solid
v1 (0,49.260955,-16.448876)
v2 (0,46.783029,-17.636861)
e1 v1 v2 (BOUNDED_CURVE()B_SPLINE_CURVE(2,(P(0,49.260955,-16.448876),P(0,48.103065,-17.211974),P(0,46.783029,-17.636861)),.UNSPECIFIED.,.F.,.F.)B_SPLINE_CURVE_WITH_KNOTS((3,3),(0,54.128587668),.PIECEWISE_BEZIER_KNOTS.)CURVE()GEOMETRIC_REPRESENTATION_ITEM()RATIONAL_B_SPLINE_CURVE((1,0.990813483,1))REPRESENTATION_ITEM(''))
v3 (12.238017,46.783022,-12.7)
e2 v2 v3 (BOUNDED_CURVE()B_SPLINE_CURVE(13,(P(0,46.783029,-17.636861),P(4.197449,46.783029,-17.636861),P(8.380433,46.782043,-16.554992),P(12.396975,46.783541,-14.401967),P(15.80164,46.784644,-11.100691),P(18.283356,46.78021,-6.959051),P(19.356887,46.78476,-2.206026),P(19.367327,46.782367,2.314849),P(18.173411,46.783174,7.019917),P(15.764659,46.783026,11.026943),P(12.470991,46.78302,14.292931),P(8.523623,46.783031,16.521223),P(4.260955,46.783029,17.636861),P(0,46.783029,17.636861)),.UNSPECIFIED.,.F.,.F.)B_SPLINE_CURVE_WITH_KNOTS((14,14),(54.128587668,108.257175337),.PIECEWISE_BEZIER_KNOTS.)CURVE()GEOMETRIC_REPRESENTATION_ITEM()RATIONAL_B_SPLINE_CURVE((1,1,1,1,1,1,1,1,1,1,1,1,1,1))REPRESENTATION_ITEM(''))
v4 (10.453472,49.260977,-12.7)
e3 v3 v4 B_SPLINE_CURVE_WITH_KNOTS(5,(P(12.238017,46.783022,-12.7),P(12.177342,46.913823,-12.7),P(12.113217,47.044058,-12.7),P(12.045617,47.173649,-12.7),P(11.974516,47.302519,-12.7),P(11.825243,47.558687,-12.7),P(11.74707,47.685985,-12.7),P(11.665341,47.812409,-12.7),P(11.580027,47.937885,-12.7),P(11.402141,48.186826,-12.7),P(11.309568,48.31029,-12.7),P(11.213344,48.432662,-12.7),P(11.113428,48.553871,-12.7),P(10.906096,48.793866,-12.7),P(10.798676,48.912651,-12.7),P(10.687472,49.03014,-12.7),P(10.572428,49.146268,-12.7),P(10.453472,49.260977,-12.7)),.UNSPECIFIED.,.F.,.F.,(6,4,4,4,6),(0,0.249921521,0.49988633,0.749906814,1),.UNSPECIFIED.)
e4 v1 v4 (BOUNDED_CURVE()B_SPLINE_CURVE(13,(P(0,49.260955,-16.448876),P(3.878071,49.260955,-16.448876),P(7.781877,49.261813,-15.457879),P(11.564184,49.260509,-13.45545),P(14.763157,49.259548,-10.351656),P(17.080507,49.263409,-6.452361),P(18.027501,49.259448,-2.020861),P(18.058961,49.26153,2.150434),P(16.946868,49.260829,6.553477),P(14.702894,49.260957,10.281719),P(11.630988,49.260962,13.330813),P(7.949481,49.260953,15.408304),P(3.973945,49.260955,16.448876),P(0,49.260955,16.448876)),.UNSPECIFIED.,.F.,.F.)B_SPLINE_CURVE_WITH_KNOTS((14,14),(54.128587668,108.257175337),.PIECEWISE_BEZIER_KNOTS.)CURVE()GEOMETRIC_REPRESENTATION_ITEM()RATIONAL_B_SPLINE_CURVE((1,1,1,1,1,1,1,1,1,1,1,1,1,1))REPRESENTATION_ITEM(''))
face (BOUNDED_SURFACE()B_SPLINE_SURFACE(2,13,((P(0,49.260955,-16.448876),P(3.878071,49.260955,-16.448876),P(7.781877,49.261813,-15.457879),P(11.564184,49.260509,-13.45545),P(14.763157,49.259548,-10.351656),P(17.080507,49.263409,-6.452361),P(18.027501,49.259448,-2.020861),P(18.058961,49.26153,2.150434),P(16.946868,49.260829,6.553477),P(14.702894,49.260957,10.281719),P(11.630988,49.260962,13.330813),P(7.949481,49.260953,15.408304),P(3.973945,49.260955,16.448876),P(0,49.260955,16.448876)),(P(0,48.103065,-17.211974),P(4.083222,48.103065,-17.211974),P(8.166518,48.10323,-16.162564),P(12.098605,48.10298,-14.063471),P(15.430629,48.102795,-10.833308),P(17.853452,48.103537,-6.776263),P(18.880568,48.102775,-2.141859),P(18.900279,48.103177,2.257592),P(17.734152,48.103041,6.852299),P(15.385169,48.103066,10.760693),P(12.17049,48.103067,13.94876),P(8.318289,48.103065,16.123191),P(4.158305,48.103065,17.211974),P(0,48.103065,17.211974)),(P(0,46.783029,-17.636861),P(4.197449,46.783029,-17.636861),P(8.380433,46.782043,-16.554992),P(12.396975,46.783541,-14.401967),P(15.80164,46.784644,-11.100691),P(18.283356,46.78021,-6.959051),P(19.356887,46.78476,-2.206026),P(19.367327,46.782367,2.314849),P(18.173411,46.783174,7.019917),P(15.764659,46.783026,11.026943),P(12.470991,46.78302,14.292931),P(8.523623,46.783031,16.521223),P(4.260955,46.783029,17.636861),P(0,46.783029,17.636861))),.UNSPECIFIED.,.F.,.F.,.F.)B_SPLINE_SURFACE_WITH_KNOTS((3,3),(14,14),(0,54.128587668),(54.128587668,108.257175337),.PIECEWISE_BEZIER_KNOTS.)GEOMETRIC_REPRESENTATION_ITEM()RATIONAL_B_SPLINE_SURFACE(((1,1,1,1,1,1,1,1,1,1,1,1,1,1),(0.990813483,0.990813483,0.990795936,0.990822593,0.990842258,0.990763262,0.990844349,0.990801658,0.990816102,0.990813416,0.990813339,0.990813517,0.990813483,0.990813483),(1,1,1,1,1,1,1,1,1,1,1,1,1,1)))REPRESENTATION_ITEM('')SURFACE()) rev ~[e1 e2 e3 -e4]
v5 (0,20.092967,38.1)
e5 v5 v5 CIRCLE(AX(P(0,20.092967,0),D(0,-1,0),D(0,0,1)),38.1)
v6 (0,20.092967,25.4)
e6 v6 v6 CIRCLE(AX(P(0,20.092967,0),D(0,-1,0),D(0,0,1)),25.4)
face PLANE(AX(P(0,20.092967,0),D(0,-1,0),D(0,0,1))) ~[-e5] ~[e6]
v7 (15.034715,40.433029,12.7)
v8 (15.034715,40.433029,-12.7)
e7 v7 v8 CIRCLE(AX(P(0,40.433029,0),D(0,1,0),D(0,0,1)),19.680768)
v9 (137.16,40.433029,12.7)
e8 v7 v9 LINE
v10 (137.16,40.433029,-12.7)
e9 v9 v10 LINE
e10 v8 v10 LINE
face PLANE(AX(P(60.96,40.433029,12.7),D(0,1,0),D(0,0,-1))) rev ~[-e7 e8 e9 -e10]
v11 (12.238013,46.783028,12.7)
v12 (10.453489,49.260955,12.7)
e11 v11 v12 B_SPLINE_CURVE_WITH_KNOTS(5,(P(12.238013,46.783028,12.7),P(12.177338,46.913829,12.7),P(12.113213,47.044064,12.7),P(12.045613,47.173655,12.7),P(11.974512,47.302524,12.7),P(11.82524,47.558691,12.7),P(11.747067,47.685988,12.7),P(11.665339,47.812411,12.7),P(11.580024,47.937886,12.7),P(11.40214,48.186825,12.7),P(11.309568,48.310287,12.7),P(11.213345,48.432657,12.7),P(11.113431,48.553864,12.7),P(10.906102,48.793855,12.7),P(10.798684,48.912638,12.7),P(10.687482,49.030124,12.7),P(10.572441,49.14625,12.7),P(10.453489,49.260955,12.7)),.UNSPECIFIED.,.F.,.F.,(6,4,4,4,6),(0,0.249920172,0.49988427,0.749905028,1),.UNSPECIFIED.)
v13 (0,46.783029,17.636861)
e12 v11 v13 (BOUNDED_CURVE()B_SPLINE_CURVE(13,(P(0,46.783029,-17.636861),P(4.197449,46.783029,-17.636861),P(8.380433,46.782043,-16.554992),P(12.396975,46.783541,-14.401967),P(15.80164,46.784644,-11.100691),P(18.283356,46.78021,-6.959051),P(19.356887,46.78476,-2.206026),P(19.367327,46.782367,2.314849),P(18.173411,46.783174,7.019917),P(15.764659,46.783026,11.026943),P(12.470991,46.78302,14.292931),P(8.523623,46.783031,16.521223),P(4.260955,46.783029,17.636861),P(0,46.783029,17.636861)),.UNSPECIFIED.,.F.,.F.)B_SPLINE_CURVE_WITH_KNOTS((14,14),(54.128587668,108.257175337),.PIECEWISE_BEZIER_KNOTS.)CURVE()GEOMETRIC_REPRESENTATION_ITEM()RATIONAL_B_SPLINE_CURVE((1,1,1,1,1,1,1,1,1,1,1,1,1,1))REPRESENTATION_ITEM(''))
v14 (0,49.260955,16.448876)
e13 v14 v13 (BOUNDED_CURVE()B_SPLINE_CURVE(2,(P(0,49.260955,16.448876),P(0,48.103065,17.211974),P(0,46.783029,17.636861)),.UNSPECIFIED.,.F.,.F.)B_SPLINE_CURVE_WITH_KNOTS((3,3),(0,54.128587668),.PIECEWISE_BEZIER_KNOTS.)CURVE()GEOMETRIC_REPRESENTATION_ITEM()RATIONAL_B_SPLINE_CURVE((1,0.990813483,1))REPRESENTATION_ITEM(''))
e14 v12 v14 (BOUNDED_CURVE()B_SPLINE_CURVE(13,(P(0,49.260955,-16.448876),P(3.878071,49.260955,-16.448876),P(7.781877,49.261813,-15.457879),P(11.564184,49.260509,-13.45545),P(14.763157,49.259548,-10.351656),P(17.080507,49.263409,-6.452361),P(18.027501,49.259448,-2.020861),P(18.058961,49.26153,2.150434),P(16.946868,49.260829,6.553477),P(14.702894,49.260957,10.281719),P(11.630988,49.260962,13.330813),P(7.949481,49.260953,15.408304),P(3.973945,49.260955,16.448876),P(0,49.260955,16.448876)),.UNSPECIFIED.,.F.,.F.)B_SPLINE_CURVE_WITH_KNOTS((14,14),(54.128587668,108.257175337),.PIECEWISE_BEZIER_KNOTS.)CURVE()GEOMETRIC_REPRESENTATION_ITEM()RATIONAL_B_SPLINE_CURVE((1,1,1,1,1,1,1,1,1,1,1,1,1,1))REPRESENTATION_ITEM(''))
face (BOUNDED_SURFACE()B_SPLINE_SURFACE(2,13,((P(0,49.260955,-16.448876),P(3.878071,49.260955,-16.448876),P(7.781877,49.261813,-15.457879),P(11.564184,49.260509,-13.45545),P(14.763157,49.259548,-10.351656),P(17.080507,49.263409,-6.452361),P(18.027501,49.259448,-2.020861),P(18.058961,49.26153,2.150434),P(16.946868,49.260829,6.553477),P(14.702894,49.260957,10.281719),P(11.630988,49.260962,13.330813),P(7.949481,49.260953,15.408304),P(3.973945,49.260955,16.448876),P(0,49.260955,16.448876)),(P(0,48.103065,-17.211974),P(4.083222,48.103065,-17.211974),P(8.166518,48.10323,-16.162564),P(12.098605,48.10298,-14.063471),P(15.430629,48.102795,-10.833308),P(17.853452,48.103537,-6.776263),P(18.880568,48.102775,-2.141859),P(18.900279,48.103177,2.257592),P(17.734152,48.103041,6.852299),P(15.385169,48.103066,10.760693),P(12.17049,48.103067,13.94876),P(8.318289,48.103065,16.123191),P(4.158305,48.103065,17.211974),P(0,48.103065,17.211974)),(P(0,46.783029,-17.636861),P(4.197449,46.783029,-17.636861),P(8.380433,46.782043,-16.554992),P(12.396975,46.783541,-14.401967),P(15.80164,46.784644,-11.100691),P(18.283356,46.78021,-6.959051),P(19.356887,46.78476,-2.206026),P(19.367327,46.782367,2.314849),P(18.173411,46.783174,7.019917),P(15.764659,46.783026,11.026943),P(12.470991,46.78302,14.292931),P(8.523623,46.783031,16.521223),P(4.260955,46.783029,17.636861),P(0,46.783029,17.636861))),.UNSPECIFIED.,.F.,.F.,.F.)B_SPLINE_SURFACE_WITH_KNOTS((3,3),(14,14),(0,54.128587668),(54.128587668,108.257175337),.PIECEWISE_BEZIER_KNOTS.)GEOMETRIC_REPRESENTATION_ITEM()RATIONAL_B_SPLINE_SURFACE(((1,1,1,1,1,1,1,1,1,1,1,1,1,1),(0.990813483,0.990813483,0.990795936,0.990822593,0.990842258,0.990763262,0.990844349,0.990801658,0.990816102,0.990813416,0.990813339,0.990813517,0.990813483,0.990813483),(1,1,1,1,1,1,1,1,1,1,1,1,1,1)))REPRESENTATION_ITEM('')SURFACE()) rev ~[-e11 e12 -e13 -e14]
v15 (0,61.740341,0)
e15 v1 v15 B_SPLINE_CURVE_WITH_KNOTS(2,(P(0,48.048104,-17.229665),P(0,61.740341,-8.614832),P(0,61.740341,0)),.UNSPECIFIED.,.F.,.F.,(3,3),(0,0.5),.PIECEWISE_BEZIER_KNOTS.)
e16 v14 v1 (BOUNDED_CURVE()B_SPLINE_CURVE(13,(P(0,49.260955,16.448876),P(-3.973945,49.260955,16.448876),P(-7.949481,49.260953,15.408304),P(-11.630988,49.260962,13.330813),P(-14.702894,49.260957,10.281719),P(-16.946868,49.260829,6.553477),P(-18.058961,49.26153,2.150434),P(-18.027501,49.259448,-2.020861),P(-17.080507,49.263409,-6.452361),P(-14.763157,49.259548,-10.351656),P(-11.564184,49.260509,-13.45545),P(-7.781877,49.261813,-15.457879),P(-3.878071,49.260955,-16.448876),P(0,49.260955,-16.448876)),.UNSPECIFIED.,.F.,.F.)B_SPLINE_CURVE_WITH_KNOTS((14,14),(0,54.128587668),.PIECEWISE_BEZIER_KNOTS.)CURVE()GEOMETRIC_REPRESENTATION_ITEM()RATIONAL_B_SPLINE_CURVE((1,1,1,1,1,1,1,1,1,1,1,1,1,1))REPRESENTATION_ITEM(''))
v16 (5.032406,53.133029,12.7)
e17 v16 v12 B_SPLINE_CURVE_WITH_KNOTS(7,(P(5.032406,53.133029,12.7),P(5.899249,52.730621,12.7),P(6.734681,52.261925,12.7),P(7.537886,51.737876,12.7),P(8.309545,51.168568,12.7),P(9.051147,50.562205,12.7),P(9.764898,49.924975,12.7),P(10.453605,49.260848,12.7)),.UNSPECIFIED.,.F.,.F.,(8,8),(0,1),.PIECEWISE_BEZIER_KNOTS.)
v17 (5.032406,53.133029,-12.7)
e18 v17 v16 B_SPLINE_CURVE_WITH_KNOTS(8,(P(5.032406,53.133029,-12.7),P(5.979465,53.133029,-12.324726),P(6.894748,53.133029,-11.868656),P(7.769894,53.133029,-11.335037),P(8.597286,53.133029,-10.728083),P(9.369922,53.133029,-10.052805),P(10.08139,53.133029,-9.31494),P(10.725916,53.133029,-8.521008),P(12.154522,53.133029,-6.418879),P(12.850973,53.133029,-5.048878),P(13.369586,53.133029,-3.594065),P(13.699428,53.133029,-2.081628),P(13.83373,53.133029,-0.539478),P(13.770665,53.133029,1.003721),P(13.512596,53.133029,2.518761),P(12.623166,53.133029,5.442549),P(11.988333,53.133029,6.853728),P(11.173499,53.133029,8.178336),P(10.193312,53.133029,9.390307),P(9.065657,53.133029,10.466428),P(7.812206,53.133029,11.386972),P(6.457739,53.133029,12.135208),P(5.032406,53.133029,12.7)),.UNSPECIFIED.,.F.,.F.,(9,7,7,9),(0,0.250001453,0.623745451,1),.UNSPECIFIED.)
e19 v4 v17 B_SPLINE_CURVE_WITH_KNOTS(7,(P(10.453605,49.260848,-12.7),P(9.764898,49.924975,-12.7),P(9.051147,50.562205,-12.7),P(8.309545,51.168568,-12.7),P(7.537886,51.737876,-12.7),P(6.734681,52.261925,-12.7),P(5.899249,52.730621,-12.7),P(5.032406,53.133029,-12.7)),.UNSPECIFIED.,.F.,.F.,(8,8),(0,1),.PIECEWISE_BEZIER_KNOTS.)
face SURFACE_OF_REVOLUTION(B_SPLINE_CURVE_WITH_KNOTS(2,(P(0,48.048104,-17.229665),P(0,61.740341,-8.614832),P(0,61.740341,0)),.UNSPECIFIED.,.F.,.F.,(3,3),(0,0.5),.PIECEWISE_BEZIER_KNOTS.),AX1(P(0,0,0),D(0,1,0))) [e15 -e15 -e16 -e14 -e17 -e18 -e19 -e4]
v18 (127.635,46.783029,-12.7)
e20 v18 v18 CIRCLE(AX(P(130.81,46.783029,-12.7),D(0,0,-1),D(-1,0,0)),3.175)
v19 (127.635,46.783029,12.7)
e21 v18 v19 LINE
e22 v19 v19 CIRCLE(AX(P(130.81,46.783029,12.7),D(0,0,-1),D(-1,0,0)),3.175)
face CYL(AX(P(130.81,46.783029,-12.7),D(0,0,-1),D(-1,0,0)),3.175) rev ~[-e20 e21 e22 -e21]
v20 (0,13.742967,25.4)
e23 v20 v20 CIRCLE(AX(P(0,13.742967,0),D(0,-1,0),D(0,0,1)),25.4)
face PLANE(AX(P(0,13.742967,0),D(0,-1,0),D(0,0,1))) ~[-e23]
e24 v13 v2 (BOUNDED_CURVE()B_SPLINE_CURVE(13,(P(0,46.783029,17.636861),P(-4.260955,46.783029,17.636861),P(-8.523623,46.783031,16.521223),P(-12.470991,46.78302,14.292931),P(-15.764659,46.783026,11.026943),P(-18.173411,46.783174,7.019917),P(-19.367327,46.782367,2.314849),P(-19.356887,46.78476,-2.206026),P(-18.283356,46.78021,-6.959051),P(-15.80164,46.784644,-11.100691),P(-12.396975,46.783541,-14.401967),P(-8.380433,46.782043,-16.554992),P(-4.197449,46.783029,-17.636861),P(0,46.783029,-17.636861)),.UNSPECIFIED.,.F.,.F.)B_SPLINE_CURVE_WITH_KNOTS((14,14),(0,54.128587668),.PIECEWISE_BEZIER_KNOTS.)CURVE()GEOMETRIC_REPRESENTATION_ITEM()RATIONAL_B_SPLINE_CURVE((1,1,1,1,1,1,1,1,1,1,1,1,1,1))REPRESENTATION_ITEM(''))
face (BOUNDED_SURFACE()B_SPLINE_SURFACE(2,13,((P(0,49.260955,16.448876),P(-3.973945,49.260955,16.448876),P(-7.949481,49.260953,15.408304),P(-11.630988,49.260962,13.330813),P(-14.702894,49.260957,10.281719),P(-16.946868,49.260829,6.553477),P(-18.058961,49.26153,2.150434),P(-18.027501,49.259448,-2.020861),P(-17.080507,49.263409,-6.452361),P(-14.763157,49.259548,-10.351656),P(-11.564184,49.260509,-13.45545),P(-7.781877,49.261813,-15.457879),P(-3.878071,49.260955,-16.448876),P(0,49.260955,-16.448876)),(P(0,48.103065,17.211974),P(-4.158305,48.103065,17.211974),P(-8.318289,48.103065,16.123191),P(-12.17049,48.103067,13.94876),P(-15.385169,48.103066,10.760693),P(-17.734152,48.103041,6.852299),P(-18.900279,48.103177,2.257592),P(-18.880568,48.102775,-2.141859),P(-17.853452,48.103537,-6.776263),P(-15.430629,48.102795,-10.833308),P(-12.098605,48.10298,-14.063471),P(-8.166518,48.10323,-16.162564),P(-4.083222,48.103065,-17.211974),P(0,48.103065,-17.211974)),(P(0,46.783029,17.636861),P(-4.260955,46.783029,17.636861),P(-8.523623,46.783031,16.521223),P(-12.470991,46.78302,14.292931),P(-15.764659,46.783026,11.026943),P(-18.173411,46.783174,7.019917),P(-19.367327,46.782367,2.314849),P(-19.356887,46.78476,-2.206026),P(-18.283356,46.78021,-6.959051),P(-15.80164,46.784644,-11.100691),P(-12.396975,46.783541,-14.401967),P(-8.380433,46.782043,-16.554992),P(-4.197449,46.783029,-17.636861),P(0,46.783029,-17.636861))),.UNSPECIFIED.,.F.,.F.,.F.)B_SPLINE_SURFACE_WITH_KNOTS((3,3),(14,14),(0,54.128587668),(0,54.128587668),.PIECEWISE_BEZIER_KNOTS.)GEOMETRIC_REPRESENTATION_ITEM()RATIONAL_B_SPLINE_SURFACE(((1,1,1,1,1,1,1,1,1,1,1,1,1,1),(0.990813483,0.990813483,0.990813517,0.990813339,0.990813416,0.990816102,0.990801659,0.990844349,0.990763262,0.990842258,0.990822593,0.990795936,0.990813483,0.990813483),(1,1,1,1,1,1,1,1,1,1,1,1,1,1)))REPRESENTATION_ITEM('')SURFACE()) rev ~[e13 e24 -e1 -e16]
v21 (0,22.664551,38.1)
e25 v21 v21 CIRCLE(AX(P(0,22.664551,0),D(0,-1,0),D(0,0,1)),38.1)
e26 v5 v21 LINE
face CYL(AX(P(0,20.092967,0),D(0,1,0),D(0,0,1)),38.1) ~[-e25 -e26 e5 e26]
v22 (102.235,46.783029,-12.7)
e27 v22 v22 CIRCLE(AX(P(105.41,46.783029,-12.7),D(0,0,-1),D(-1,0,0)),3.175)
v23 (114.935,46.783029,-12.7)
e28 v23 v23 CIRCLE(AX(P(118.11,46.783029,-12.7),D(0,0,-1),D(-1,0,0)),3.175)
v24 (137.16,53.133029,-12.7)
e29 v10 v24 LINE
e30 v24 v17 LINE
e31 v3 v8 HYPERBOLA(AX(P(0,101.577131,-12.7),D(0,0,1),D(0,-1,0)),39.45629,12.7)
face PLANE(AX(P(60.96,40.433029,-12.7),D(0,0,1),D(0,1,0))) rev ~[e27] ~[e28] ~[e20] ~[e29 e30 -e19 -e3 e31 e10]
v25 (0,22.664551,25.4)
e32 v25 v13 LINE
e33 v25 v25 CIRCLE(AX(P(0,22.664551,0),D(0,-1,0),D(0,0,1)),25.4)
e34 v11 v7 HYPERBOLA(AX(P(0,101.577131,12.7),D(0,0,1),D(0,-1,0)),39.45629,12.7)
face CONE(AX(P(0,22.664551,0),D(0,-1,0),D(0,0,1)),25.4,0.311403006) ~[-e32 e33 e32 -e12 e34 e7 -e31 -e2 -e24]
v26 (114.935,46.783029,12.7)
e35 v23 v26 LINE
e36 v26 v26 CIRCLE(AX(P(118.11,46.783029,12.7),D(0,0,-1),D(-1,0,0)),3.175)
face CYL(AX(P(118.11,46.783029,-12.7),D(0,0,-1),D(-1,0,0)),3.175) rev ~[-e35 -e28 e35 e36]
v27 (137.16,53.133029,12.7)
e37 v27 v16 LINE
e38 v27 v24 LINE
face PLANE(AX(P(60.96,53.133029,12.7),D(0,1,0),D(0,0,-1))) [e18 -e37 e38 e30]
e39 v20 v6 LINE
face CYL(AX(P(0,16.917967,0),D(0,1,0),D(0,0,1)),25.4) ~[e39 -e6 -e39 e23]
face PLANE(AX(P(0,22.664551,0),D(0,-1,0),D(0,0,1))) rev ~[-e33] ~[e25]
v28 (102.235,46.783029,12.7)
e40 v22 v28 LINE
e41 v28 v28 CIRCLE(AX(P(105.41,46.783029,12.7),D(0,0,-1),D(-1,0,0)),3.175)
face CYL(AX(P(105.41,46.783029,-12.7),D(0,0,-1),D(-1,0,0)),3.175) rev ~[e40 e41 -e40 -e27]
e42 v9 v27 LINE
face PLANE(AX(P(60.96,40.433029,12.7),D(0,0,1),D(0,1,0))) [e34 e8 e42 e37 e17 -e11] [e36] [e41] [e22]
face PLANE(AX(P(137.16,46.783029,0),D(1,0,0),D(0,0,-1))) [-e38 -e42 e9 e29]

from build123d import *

# Parameters (mm, degrees)
SKETCH1_W                = 25.4
SKETCH1_H                = 6.35
FILLET1_R                = 10.16
BOSS_EXTRUDE1_DEPTH      = 38.1
BOSS_EXTRUDE1_DEPTH_BACK = 20.32
SKETCH3_W                = 25.4
SKETCH3_H                = 12.7
SKETCH4_W                = 25.4
SKETCH4_H                = 12.7
BOSS_EXTRUDE2_DEPTH      = 76.2
SKETCH5_R                = 3.175
CUT_EXTRUDE1_DEPTH       = 159.762008669


with BuildPart() as part:
    # Sketch1 → Revolve1 (revolve)
    with BuildSketch(Plane.XY, mode=Mode.PRIVATE) as revolve1_sk:
        Polygon((0, 48.048104246), (0, 22.664551268), (25.4, 22.664551268), (17.22966458, 48.048104246), align=None)
        Polygon((0, 22.664551268), (0, 20.09296726), (25.4, 20.09296726), (38.1, 20.09296726), (38.1, 22.664551268), (25.4, 22.664551268), align=None)
        with Locations((12.7, 16.91796726)):
            Rectangle(SKETCH1_W, SKETCH1_H)
    revolve(revolve1_sk.sketch.rotate(Axis((0, 27.702147105, 0), (0, -1, 0)), 90), axis=Axis((0, 27.702147105, 0), (0, -1, 0)))

    # Sketch2 → Revolve2 (revolve)
    with BuildSketch(Plane(origin=(0, 0, 0), x_dir=(0, 0, -1), z_dir=(1, 0, 0))):
        with BuildLine():
            Line((0, 48.048104246), (17.22966458, 48.048104246))
            add(Edge.make_bspline(
                [(17.22966458, 48.048104246), (8.61483229, 61.740341407), (0, 61.740341407)],
                knots=[0, 0, 0, 0.5, 0.5, 0.5], degree=2))
            Line((0, 61.740341407), (0, 48.048104246))
        make_face()
    revolve(axis=Axis((0, 0, 0), (0, 1, 0)))

    # Fillet1
    fillet1_edges = [part.edges().sort_by_distance(p)[0] for p in [
        (-17.22966458, 48.048104246, 0),
    ]]
    fillet(fillet1_edges, radius=FILLET1_R)

    # Sketch3 → Boss-Extrude1 (add, two sides: drawn at the far end of the back side and taken through both)
    with BuildSketch(Plane(origin=(22.86, 0, 0), x_dir=(0, 0, -1), z_dir=(1, 0, 0)).offset(-BOSS_EXTRUDE1_DEPTH_BACK)):
        with Locations((0, 46.783028789)):
            Rectangle(SKETCH3_W, SKETCH3_H)
    extrude(amount=BOSS_EXTRUDE1_DEPTH + BOSS_EXTRUDE1_DEPTH_BACK)

    # Sketch4 → Boss-Extrude2 (add)
    with BuildSketch(Plane(origin=(60.96, 0, 0), x_dir=(0, 0, -1), z_dir=(1, 0, 0))):
        with Locations((0, 46.783028789)):
            Rectangle(SKETCH4_W, SKETCH4_H)
    extrude(amount=BOSS_EXTRUDE2_DEPTH)

    # Sketch5 → Cut-Extrude1 (cut, through all)
    with BuildSketch(Plane(origin=(0, 0, -12.7), x_dir=(-1, 0, 0), z_dir=(0, 0, -1))):
        with Locations((-130.81, 46.783028789)):
            Circle(SKETCH5_R)
        with Locations((-118.11, 46.783028789)):
            Circle(SKETCH5_R)
        with Locations((-105.41, 46.783028789)):
            Circle(SKETCH5_R)
    extrude(amount=-CUT_EXTRUDE1_DEPTH, mode=Mode.SUBTRACT)


solid = part.part
